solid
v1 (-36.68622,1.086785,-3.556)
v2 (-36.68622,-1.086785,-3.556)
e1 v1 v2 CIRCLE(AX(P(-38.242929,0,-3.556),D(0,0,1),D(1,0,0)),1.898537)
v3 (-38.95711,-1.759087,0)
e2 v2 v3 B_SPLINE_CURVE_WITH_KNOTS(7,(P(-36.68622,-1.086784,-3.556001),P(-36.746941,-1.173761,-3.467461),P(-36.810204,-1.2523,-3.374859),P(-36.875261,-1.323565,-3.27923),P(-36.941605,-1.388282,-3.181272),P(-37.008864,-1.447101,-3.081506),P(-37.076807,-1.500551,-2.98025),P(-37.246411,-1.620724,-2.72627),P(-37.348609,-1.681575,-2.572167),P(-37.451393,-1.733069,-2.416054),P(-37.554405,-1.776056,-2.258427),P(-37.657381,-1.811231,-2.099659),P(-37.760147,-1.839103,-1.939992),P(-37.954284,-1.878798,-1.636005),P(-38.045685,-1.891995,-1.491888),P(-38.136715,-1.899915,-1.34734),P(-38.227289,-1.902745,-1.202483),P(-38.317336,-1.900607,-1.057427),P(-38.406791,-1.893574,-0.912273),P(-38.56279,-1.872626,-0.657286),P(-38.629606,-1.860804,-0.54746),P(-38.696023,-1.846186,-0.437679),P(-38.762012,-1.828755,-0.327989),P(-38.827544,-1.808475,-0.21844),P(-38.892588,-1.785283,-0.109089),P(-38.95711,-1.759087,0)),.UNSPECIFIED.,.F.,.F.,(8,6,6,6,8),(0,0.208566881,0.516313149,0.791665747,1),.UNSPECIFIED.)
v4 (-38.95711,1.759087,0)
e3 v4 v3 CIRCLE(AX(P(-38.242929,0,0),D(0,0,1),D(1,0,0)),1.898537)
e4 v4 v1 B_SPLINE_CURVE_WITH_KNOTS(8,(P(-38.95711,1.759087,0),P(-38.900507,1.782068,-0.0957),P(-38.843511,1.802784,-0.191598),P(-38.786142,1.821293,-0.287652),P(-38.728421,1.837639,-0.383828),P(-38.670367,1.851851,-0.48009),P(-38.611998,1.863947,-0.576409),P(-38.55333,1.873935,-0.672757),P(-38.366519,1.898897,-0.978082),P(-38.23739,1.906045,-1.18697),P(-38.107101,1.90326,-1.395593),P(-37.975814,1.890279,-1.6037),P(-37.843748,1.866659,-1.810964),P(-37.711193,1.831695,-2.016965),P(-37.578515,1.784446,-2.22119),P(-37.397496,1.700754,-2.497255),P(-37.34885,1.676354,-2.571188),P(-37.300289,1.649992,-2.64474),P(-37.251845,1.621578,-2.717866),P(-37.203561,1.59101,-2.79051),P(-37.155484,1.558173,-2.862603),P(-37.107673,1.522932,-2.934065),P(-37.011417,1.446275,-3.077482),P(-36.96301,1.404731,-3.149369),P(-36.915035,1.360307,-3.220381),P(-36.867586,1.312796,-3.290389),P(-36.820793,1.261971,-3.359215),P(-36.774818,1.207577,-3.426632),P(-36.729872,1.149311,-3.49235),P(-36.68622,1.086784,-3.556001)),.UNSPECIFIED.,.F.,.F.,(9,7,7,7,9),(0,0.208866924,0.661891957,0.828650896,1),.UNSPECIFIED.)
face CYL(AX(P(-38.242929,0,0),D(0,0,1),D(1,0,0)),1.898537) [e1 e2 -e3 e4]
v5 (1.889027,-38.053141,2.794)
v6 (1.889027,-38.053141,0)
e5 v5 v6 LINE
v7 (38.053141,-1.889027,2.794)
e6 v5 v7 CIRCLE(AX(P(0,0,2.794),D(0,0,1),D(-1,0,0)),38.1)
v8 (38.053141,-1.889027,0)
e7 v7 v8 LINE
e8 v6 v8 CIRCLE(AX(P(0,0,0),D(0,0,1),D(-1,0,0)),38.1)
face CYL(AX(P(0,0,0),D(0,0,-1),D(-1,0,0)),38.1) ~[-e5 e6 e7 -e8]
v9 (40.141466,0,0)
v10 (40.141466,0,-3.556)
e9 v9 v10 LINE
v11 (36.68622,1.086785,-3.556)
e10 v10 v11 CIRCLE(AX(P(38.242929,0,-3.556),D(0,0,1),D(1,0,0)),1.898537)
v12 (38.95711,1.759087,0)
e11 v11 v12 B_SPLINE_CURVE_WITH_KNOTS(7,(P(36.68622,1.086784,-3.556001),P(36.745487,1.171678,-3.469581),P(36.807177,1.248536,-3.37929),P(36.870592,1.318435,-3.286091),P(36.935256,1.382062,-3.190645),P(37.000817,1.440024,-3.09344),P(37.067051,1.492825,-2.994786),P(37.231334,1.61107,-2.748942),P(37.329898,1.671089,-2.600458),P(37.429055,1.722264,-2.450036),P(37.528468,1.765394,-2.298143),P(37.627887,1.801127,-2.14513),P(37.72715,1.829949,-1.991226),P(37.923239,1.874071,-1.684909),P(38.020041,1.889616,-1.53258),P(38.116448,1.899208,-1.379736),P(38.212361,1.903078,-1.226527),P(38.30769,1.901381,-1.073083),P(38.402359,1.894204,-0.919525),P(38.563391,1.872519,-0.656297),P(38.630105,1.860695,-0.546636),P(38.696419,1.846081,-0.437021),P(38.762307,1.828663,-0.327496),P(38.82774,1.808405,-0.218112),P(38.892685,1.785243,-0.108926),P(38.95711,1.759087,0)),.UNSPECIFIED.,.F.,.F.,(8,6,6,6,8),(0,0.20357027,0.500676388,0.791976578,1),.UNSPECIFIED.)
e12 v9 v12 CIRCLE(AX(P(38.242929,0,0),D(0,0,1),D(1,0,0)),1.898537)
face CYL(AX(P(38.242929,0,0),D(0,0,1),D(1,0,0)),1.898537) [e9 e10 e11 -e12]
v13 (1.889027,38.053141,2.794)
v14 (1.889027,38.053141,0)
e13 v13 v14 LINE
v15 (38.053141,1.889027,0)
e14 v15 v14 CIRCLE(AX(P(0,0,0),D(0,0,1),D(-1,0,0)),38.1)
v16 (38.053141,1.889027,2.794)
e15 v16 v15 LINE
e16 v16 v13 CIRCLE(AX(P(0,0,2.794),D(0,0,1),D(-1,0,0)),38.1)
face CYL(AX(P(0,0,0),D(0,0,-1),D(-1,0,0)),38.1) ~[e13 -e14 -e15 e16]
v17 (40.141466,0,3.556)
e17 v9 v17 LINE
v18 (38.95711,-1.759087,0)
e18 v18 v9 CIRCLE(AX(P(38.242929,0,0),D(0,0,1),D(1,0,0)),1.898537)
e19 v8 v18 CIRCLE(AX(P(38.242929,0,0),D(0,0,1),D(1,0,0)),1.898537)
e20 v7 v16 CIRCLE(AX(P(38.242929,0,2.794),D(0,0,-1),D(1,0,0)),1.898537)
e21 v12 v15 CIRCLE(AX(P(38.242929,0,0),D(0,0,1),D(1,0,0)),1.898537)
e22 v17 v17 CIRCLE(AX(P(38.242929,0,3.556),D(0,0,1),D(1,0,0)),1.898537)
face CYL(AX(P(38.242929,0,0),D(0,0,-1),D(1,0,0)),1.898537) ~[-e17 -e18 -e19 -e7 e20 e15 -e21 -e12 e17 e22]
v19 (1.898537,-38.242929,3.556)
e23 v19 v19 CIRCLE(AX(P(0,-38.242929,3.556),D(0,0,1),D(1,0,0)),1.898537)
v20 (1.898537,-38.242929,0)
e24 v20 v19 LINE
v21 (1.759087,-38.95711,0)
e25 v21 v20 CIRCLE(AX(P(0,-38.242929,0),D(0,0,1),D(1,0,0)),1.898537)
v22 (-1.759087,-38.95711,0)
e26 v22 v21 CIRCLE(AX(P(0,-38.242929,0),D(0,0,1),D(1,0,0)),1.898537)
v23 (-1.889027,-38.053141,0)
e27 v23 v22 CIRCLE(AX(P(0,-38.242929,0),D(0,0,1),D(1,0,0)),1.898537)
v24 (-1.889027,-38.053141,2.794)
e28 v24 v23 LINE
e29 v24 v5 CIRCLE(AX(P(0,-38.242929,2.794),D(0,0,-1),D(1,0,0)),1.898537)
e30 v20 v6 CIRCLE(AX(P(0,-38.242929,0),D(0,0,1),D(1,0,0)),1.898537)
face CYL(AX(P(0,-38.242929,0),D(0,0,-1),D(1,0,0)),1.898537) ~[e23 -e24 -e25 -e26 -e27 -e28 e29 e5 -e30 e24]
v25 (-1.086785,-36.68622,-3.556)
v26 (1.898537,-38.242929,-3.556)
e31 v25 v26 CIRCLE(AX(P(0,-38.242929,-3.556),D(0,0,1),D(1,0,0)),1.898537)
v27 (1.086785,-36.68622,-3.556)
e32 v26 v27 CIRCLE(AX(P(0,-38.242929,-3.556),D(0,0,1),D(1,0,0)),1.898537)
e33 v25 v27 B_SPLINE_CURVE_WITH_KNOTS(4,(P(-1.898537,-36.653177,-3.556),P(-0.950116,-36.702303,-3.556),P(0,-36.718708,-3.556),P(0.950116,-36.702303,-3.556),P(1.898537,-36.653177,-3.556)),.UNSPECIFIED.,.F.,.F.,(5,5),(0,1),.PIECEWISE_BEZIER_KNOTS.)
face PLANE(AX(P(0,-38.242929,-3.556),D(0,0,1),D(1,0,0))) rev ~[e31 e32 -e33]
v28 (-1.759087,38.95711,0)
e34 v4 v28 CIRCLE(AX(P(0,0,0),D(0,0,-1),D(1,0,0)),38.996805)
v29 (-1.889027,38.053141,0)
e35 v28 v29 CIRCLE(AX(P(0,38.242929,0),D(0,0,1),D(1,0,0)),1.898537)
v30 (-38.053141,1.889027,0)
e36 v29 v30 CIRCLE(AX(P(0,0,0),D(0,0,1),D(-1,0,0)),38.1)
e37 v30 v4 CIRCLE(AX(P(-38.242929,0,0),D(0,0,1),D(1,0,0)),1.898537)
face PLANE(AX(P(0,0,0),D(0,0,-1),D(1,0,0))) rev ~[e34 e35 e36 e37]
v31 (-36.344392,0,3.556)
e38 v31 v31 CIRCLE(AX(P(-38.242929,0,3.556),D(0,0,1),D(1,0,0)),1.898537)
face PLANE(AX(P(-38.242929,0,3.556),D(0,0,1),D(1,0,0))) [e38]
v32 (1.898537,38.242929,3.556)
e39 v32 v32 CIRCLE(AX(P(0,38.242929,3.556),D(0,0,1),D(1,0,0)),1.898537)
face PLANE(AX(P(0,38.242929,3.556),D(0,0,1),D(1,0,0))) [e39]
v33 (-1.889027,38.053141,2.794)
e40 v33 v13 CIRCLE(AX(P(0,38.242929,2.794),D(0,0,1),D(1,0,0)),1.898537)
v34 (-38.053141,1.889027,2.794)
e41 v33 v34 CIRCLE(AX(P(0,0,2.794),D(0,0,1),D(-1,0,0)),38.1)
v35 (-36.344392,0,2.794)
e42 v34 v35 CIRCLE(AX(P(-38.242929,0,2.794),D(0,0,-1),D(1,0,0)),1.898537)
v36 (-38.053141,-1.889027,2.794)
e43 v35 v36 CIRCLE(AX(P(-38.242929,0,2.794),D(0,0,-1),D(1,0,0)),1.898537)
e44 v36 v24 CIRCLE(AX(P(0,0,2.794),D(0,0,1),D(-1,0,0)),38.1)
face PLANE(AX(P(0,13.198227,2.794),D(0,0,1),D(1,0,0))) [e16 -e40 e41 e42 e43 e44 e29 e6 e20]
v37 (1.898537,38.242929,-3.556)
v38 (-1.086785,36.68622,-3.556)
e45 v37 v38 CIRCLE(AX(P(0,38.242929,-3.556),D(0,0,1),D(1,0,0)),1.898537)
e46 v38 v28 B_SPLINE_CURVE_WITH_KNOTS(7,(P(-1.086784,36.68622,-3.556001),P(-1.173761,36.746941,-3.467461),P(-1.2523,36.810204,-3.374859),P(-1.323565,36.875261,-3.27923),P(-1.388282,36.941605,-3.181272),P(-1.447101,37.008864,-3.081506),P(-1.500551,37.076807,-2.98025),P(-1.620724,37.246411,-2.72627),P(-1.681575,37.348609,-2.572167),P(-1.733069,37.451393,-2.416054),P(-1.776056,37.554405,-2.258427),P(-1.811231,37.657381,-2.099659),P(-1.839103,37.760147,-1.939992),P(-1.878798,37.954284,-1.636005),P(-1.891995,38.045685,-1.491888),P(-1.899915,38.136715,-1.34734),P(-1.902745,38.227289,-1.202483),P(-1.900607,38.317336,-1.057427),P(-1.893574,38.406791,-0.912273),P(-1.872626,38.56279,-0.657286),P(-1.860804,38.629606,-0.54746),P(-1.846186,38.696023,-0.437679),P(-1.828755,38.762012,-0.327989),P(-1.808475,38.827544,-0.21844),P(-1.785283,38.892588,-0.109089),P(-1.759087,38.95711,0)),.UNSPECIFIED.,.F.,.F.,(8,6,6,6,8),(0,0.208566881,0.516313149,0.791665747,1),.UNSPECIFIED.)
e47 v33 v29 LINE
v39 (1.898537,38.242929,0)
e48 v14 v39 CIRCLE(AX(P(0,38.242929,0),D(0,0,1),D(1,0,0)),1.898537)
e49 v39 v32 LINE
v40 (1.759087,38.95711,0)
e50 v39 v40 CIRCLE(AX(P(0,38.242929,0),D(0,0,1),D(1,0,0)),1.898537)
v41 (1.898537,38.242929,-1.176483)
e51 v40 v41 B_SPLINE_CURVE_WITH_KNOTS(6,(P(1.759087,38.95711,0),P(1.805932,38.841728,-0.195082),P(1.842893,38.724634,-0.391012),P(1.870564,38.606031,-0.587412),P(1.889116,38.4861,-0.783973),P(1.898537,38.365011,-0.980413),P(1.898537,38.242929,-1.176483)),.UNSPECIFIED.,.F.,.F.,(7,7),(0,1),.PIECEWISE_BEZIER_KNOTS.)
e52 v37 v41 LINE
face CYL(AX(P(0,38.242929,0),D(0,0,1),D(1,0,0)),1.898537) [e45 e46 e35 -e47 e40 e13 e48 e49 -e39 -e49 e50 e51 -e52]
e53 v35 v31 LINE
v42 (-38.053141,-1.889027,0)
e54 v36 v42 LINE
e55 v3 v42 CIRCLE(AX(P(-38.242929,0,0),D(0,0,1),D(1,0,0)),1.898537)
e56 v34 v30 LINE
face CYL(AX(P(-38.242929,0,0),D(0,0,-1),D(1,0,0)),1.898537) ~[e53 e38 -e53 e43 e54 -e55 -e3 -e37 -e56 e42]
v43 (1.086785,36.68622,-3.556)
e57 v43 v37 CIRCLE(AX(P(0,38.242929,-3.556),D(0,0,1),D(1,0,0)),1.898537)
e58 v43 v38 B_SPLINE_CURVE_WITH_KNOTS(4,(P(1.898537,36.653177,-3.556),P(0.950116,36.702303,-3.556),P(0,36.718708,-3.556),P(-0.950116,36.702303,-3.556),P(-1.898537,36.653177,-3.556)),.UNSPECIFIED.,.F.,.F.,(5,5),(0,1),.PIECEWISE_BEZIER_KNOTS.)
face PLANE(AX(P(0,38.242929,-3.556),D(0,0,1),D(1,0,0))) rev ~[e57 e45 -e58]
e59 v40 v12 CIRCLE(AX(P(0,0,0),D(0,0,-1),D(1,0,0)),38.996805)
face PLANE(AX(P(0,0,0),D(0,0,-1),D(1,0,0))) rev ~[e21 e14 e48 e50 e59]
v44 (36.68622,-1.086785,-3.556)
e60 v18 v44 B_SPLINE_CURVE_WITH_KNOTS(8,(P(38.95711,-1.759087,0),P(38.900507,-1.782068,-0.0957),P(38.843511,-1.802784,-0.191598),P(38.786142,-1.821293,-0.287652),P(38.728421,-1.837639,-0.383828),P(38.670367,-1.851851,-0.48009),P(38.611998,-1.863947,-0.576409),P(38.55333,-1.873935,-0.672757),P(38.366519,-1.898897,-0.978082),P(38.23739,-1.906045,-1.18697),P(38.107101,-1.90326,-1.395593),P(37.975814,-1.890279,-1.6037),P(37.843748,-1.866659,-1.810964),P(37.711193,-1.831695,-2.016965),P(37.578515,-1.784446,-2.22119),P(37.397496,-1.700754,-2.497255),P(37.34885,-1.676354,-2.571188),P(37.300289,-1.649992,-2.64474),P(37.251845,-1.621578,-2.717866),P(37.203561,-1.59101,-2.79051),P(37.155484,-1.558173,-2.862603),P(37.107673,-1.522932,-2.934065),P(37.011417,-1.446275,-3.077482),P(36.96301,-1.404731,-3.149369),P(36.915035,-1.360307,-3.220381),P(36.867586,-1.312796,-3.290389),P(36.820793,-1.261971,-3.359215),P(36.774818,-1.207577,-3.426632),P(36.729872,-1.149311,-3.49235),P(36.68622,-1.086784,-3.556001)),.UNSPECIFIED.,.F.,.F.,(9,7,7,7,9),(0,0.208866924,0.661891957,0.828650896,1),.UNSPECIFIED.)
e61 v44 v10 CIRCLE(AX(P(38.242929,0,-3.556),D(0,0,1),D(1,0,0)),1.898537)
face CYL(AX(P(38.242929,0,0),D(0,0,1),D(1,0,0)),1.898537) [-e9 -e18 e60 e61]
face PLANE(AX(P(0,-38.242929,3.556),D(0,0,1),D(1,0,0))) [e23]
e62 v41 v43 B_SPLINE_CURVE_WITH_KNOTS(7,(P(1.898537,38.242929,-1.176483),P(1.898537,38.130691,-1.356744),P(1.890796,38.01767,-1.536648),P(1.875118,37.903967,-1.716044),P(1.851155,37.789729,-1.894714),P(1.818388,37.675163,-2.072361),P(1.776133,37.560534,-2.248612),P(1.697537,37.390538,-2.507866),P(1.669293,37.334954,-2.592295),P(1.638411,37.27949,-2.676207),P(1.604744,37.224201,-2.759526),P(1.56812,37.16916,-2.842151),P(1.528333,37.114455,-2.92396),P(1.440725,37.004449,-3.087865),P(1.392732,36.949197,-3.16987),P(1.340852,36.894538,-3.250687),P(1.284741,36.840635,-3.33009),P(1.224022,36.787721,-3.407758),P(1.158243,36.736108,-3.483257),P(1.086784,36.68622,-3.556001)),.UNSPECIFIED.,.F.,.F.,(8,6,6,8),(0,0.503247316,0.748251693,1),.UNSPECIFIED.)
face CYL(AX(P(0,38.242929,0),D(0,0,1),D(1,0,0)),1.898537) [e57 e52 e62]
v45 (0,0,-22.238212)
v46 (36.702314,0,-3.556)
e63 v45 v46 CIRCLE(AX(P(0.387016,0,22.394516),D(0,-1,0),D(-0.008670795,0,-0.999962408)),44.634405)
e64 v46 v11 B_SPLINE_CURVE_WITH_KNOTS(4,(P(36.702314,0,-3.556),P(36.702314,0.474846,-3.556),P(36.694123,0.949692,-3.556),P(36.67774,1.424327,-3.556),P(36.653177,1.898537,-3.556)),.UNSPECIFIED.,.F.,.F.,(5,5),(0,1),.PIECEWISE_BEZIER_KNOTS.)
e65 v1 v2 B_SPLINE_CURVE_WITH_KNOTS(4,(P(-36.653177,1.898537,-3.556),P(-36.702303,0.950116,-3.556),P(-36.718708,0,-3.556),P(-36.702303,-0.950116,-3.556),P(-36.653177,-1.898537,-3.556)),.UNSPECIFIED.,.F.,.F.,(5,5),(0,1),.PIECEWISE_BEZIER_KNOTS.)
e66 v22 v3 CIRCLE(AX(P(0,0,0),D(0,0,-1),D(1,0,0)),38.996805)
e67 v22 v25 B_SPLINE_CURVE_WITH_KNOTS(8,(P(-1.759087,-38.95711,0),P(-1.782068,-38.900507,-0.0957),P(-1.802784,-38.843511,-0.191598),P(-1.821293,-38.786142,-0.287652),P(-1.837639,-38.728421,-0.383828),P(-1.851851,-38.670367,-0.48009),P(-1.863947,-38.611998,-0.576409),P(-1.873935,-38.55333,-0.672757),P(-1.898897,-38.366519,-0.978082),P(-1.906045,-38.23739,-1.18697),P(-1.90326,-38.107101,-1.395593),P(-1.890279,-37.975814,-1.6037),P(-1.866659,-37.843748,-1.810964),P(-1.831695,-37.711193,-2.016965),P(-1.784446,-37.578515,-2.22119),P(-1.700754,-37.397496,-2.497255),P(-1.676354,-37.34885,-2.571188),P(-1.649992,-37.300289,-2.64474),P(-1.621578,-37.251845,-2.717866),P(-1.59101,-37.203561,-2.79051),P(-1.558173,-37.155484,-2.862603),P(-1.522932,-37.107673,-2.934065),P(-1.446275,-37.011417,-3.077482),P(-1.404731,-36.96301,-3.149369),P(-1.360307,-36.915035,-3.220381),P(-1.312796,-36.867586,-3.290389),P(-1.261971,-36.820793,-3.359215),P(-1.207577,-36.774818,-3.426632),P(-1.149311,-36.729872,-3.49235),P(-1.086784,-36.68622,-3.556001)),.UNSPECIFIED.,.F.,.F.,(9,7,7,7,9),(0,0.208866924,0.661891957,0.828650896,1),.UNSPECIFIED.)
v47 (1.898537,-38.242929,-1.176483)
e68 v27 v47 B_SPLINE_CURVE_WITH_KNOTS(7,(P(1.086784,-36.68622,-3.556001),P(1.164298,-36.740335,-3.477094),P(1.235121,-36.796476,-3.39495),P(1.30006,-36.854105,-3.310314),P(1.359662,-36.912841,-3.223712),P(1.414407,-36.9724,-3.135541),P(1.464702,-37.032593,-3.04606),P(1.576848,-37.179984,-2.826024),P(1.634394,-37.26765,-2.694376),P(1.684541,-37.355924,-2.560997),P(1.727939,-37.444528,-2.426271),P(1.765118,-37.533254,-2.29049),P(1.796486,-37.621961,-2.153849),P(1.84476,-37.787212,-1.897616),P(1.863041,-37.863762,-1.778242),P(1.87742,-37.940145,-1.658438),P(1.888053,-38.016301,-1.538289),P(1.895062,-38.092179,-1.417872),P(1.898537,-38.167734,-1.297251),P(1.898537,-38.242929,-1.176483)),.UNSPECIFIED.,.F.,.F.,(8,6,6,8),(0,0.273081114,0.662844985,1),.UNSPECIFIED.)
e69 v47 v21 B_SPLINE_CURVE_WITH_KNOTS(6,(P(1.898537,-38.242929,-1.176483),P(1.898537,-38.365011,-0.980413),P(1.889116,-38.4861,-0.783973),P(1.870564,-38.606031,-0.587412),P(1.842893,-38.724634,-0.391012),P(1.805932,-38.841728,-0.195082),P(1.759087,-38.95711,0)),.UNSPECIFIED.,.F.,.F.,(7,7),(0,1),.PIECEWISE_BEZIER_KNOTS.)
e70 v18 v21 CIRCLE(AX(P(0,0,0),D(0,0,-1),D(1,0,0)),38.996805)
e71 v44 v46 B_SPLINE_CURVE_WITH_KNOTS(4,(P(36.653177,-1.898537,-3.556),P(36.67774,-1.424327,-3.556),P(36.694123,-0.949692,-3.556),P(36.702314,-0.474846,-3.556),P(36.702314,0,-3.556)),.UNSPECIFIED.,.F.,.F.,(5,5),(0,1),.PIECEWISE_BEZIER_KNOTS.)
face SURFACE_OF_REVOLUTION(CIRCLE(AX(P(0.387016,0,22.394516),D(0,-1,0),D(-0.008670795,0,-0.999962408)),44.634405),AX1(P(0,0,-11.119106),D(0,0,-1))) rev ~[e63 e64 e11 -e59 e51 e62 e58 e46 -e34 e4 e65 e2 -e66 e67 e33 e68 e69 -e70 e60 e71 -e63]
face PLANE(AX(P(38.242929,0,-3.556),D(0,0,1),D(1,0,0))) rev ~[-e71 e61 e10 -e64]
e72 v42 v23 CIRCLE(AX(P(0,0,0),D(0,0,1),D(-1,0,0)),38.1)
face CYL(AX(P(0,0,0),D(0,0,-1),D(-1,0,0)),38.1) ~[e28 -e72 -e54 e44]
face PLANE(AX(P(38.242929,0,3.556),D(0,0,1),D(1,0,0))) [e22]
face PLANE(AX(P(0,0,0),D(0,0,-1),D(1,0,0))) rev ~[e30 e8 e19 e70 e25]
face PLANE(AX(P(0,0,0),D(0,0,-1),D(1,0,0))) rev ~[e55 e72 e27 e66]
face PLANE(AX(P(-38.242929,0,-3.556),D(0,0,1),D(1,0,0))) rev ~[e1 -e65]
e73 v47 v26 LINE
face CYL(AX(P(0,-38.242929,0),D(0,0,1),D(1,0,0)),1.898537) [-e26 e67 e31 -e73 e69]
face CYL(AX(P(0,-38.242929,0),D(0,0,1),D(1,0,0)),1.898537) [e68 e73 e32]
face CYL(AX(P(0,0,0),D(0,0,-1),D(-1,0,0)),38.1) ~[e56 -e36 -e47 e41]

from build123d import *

# Parameters (mm, degrees)
F3_DEPTH = 2.794
F4_R     = 1.898537
F5_DEPTH = 3.556


with BuildPart() as f2:
    # F1 (on Front) → F2 (revolve)
    with BuildSketch(Plane.XZ):
        with BuildLine():
            Line((0, 0), (0, -22.238212))
            ThreePointArc((0, -22.238212), (22.497638, -16.378549), (38.996805, 0))
            Line((38.996805, 0), (0, 0))
        make_face()
    revolve(axis=Axis((0, 0, -11.119106), (0, 0, -1)))

    # F0 (on Top) → F3 (join)
    with BuildSketch(Plane.XY):
        with BuildLine():
            Line((-38.1, 0), (38.1, 0))
            ThreePointArc((38.1, 0), (0, 38.1), (-38.1, 0))
        make_face()
        with BuildLine():
            ThreePointArc((-38.1, 0), (0, -38.1), (38.1, 0))
            Line((38.1, 0), (-38.1, 0))
        make_face()
    extrude(amount=F3_DEPTH)

    # F4 (on Top) → F5 (join, symmetric)
    with BuildSketch(Plane.XY):
        with Locations((-38.242929, 0)):
            Circle(F4_R)
        with Locations((0, -38.242929)):
            Circle(F4_R)
        with Locations((38.242929, 0)):
            Circle(F4_R)
        with Locations((0, 38.242929)):
            Circle(F4_R)
    extrude(amount=F5_DEPTH, both=True)


solid = f2.part
